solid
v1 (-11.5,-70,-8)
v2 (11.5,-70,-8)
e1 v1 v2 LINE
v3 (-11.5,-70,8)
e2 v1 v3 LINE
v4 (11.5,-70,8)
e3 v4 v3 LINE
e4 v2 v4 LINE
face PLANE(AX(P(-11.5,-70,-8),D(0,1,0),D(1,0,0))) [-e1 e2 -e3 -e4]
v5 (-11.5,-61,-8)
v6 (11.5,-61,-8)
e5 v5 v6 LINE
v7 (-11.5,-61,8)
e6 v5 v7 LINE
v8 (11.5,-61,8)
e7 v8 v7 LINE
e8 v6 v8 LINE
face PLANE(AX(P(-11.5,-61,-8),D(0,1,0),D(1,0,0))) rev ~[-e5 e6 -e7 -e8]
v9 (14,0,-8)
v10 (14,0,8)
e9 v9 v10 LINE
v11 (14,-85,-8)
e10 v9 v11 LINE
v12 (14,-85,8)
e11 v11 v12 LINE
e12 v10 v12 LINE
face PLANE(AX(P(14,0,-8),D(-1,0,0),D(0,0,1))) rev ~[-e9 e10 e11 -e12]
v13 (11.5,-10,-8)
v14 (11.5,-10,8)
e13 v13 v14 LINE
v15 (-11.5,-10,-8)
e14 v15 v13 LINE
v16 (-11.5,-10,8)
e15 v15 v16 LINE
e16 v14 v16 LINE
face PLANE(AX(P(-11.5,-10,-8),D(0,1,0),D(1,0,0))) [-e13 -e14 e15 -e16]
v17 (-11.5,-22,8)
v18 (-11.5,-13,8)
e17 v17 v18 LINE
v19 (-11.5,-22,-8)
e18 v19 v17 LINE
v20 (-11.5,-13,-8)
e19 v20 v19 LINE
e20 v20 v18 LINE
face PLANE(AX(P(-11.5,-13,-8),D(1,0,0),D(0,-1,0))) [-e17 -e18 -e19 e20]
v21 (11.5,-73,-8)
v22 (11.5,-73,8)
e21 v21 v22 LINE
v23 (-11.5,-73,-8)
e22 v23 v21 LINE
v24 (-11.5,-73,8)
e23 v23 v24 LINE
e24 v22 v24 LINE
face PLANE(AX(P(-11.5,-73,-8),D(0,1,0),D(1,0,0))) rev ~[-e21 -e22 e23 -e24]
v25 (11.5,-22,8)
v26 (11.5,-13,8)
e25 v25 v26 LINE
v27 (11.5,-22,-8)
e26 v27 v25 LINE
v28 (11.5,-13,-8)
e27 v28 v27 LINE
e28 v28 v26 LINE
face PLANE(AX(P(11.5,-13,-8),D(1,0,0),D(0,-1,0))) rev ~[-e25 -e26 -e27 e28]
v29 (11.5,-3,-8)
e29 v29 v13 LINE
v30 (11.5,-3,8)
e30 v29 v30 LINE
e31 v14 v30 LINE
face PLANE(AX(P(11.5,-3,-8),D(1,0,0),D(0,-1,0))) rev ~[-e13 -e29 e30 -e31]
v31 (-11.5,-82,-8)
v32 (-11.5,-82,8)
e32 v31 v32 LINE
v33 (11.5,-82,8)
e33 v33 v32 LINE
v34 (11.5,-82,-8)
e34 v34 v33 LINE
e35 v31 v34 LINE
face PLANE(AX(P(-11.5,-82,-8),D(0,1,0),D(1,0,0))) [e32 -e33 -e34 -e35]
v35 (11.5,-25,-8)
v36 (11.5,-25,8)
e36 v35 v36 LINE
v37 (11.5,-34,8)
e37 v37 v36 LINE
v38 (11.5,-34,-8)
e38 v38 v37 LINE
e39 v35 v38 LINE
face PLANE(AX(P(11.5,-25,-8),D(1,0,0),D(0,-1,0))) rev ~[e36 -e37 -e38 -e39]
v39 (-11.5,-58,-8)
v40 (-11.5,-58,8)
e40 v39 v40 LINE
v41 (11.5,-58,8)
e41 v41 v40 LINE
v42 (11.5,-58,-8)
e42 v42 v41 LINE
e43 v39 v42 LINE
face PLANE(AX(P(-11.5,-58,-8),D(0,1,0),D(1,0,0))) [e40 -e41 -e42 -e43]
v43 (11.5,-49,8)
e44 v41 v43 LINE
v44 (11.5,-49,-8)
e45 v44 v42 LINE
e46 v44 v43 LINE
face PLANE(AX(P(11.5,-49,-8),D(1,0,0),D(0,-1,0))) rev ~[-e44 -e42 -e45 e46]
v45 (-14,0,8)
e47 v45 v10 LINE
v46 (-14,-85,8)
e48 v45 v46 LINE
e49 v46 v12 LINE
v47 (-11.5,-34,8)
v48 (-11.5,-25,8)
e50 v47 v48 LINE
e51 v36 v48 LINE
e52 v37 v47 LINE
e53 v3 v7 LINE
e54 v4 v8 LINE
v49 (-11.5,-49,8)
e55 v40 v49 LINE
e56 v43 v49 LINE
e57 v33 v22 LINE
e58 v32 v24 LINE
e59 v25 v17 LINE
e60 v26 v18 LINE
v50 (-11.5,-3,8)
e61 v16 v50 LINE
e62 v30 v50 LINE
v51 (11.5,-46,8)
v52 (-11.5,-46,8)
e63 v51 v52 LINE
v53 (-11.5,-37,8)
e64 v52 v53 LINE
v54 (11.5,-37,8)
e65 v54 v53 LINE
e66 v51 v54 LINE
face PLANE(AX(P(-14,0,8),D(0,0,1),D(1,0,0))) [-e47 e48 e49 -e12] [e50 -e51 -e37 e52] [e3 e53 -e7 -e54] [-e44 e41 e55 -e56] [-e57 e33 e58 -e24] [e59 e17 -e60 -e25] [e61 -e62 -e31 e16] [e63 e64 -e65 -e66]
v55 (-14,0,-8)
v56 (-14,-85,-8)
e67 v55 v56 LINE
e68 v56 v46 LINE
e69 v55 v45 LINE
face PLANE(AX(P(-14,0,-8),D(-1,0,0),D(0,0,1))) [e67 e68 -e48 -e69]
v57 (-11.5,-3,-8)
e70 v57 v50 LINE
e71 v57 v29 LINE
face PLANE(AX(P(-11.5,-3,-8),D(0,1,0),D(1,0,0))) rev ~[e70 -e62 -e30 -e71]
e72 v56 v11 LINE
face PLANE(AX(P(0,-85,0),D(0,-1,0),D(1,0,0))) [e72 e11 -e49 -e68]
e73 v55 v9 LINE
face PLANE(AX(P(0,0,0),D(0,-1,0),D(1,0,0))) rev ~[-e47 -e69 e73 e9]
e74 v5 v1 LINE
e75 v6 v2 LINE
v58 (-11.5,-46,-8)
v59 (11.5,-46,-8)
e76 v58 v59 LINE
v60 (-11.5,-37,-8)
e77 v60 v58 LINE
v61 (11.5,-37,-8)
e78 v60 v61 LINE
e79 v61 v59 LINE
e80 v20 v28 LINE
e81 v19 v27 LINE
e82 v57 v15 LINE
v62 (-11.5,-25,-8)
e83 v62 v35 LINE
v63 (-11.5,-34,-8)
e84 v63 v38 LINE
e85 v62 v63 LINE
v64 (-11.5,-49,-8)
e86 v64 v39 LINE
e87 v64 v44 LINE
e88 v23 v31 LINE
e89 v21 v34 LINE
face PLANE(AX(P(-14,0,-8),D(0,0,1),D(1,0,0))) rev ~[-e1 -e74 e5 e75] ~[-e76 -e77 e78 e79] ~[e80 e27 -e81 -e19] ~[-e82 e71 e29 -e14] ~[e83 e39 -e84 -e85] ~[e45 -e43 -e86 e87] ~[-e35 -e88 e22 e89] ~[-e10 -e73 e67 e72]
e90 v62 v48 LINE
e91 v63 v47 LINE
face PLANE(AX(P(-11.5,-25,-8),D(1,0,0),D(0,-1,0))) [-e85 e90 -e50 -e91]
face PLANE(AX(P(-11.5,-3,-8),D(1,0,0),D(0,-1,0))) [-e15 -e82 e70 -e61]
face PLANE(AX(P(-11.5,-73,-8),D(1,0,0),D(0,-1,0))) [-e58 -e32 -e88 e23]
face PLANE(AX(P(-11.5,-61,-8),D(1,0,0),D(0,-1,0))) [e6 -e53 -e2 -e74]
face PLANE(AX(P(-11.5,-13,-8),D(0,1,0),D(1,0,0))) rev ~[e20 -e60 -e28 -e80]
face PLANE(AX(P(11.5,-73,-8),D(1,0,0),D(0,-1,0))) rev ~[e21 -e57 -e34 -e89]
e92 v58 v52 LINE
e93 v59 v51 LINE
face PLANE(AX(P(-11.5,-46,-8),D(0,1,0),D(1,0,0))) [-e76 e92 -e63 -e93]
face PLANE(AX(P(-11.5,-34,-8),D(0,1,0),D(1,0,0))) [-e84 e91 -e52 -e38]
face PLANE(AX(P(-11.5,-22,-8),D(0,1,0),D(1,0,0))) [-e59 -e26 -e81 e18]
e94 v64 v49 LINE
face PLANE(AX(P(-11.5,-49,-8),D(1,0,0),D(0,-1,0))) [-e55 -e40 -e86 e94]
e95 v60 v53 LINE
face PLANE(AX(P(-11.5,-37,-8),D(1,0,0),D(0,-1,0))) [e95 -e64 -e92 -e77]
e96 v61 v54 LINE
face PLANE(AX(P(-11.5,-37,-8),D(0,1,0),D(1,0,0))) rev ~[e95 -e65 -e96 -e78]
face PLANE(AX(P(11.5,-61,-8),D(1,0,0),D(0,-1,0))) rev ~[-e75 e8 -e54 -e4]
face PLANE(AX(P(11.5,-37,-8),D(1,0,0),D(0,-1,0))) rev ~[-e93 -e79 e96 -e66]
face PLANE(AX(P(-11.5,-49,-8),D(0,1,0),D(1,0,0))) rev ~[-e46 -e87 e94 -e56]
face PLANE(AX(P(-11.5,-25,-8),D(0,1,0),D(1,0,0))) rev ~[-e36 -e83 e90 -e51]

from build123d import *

# Parameters (mm, degrees)
F0_W     = 28
F0_H     = 16
F1_DEPTH = 85
F2_W     = 23
F2_H     = 9
F2_H_2   = 7
F3_DEPTH = 25


with BuildPart() as f1:
    # F0 (on Front) → F1 (new body)
    with BuildSketch(Plane.XZ):
        Rectangle(F0_W, F0_H)
    extrude(amount=F1_DEPTH)

    # F2 (on face) → F3 (cut)
    with BuildSketch(Plane(origin=(0, 0, -8), x_dir=(1, 0, 0), z_dir=(0, 0, -1))):
        with Locations((0, 77.5)):
            Rectangle(F2_W, F2_H)
        with Locations((0, 65.5)):
            Rectangle(F2_W, F2_H)
        with Locations((0, 53.5)):
            Rectangle(F2_W, F2_H)
        with Locations((0, 41.5)):
            Rectangle(F2_W, F2_H)
        with Locations((0, 29.5)):
            Rectangle(F2_W, F2_H)
        with Locations((0, 17.5)):
            Rectangle(F2_W, F2_H)
        with Locations((0, 6.5)):
            Rectangle(F2_W, F2_H_2)
    extrude(amount=-F3_DEPTH, mode=Mode.SUBTRACT)


solid = f1.part
